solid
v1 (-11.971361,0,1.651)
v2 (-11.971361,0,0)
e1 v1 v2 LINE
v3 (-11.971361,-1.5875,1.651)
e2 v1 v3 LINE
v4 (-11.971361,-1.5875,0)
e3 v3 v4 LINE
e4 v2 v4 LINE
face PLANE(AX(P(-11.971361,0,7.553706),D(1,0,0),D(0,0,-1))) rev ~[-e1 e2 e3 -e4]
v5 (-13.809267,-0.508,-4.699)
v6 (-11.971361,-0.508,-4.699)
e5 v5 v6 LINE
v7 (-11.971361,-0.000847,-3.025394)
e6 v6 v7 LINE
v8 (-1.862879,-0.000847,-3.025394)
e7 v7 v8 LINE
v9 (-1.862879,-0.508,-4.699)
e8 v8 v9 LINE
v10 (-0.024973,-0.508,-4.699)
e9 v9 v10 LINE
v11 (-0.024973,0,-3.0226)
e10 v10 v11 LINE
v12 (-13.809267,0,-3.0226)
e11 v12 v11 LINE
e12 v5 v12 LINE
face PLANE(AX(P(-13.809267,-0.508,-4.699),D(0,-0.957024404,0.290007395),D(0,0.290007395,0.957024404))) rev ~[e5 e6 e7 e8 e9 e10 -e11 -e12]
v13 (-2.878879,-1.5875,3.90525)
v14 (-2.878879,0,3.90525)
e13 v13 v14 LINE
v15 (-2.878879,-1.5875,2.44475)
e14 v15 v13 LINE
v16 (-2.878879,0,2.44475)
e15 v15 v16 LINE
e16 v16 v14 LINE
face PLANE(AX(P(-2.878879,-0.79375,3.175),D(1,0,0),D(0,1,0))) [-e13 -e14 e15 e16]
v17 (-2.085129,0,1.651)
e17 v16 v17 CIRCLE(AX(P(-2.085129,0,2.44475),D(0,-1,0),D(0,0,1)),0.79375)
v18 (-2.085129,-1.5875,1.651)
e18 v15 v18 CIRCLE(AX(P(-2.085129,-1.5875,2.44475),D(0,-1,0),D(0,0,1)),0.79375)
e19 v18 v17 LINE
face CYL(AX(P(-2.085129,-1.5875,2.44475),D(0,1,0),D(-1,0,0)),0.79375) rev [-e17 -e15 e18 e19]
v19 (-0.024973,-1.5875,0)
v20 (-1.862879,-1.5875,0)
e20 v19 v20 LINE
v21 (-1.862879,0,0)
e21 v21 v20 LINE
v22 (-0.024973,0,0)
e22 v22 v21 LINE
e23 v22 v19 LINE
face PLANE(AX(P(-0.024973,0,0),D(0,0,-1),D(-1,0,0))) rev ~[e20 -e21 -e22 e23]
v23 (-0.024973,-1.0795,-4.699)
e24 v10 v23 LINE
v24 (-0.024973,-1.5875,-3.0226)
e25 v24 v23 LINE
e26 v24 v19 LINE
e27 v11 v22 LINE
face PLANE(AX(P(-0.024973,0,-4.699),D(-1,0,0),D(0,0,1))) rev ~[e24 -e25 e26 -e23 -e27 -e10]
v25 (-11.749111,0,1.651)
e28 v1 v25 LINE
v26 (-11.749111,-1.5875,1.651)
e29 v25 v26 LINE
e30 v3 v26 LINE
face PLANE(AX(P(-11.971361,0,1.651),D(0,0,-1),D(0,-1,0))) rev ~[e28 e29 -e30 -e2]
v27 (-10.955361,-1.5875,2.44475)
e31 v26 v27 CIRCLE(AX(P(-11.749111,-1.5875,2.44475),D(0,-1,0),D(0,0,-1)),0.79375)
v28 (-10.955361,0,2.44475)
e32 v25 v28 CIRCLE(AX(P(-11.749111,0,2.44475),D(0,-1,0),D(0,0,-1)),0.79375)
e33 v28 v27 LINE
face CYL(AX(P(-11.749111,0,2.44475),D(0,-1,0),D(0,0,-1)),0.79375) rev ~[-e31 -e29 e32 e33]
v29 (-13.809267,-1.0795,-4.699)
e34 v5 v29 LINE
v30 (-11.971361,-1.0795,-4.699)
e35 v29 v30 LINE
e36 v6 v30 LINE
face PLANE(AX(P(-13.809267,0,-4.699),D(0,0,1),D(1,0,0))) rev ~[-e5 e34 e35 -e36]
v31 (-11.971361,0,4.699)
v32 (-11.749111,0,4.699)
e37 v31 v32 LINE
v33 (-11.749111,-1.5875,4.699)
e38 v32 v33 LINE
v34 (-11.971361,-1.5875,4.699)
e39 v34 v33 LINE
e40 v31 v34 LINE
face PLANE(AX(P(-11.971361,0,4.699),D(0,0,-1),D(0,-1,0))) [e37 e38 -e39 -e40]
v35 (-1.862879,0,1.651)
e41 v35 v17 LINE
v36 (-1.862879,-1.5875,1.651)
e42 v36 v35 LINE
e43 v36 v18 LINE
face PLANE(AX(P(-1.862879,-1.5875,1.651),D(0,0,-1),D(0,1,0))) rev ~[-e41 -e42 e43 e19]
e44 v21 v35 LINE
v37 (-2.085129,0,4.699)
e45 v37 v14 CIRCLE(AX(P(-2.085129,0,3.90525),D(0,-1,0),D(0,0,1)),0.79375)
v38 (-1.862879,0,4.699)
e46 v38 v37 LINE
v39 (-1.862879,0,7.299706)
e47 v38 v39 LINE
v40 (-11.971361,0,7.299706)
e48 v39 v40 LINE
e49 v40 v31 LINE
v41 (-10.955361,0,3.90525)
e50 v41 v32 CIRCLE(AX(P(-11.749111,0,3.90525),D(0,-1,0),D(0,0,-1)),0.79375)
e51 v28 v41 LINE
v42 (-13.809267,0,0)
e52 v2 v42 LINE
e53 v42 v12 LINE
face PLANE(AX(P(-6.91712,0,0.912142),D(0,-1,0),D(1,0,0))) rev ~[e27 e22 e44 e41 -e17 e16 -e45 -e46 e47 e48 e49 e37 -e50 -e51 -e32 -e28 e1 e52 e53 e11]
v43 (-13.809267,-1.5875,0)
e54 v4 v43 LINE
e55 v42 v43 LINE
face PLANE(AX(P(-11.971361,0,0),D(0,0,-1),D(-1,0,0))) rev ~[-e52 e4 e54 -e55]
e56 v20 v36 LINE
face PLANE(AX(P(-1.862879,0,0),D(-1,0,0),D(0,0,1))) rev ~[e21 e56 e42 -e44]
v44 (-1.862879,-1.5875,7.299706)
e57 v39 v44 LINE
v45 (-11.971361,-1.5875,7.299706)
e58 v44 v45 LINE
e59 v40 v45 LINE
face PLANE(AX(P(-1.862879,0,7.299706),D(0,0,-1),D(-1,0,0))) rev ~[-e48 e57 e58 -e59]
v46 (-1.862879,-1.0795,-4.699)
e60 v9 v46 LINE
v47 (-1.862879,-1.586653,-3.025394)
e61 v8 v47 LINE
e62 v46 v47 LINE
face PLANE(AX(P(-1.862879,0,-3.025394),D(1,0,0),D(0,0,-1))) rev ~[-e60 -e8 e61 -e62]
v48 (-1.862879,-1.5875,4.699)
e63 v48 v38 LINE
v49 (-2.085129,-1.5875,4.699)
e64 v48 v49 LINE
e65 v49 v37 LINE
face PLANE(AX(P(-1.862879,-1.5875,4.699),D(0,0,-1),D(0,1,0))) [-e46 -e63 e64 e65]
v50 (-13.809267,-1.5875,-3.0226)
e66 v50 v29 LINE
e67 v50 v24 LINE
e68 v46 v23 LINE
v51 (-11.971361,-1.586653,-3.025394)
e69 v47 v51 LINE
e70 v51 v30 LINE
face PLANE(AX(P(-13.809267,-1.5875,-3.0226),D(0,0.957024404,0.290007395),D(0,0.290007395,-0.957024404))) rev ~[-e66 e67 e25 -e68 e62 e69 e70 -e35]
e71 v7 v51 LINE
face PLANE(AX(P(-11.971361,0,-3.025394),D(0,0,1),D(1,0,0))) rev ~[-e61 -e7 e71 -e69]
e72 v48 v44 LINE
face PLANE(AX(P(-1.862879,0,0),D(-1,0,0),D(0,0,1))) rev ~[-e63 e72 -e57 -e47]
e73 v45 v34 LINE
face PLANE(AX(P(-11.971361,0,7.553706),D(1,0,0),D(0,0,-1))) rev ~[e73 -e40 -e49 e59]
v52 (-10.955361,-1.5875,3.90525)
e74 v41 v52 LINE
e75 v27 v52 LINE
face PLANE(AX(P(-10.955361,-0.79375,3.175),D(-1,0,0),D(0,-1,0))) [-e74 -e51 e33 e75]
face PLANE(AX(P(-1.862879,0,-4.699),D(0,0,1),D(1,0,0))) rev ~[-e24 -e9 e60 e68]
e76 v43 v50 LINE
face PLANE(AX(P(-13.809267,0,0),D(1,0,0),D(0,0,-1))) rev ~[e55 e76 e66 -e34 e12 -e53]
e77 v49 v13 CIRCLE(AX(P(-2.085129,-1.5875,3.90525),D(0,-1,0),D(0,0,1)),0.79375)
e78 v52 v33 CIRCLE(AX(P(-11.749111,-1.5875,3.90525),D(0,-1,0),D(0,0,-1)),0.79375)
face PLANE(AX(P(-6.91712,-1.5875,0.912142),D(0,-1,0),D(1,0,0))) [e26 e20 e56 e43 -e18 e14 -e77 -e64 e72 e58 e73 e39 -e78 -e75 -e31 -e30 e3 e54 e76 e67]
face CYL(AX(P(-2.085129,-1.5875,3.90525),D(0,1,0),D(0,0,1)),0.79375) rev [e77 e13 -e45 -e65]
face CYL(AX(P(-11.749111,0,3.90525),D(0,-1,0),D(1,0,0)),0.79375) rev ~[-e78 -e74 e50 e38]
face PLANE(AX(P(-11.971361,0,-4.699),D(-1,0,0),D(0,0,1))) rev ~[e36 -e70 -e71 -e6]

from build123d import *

# Parameters (mm, degrees)
F1_DEPTH  = 1.5875
F3_DEPTH  = 25.4
F4_W      = 1.5875
F4_H      = 3.048
F5_DEPTH  = 1.016
F6_R      = 0.79375
F7_W      = 1.5875
F7_H      = 3.048
F8_DEPTH  = 1.016
F9_R      = 0.79375
F10_DEPTH = 0.254


with BuildPart() as f1:
    # F0 (on Front) → F1 (new body)
    with BuildSketch(Plane.XZ):
        Polygon((-11.9713607894, 7.553705716), (-11.9713607894, 0), (-13.8092668185, 0), (-13.8092668185, -4.699), (-11.9713607894, -4.699), (-11.9713607894, -3.025394284), (-1.862878878, -3.025394284), (-1.862878878, -4.699), (-0.0249728489, -4.699), (-0.0249728489, 0), (-1.862878878, 0), (-1.862878878, 7.553705716), align=None)
    extrude(amount=F1_DEPTH)

    # F2 (on face) → F3 (cut)
    with BuildSketch(Plane(origin=(-13.8092668185, 0, 0), x_dir=(0, -1, 0), z_dir=(-1, 0, 0))):
        Polygon((0.508, -4.699), (0, -3.0226), (0, -4.699), align=None)
        Polygon((1.5875, -3.0226), (1.0795, -4.699), (1.5875, -4.699), align=None)
    extrude(amount=-F3_DEPTH, mode=Mode.SUBTRACT)

    # F4 (on face) → F5 (cut)
    with BuildSketch(Plane.YZ.offset(-1.862878878)):
        with Locations((-0.79375, 3.175)):
            Rectangle(F4_W, F4_H)
    extrude(amount=-F5_DEPTH, mode=Mode.SUBTRACT)

    # F6
    f6_edges = [f1.edges().sort_by_distance(p)[0] for p in [
        (-2.878879, -0.79375, 4.699),
        (-2.878879, -0.79375, 1.651),
    ]]
    fillet(f6_edges, radius=F6_R)

    # F7 (on face) → F8 (cut)
    with BuildSketch(Plane(origin=(-11.9713607894, 0, 0), x_dir=(0, -1, 0), z_dir=(-1, 0, 0))):
        with Locations((0.79375, 3.175)):
            Rectangle(F7_W, F7_H)
    extrude(amount=-F8_DEPTH, mode=Mode.SUBTRACT)

    # F9
    f9_edges = [f1.edges().sort_by_distance(p)[0] for p in [
        (-10.955361, -0.79375, 4.699),
        (-10.955361, -0.79375, 1.651),
    ]]
    fillet(f9_edges, radius=F9_R)

    # F10 (cut): a face of the model
    f10_faces = [f1.faces().sort_by_distance(p)[0] for p in [
        (-6.9171198337, -0.79375, 7.553705716),
    ]]
    extrude(f10_faces, amount=-F10_DEPTH, mode=Mode.SUBTRACT)


solid = f1.part
